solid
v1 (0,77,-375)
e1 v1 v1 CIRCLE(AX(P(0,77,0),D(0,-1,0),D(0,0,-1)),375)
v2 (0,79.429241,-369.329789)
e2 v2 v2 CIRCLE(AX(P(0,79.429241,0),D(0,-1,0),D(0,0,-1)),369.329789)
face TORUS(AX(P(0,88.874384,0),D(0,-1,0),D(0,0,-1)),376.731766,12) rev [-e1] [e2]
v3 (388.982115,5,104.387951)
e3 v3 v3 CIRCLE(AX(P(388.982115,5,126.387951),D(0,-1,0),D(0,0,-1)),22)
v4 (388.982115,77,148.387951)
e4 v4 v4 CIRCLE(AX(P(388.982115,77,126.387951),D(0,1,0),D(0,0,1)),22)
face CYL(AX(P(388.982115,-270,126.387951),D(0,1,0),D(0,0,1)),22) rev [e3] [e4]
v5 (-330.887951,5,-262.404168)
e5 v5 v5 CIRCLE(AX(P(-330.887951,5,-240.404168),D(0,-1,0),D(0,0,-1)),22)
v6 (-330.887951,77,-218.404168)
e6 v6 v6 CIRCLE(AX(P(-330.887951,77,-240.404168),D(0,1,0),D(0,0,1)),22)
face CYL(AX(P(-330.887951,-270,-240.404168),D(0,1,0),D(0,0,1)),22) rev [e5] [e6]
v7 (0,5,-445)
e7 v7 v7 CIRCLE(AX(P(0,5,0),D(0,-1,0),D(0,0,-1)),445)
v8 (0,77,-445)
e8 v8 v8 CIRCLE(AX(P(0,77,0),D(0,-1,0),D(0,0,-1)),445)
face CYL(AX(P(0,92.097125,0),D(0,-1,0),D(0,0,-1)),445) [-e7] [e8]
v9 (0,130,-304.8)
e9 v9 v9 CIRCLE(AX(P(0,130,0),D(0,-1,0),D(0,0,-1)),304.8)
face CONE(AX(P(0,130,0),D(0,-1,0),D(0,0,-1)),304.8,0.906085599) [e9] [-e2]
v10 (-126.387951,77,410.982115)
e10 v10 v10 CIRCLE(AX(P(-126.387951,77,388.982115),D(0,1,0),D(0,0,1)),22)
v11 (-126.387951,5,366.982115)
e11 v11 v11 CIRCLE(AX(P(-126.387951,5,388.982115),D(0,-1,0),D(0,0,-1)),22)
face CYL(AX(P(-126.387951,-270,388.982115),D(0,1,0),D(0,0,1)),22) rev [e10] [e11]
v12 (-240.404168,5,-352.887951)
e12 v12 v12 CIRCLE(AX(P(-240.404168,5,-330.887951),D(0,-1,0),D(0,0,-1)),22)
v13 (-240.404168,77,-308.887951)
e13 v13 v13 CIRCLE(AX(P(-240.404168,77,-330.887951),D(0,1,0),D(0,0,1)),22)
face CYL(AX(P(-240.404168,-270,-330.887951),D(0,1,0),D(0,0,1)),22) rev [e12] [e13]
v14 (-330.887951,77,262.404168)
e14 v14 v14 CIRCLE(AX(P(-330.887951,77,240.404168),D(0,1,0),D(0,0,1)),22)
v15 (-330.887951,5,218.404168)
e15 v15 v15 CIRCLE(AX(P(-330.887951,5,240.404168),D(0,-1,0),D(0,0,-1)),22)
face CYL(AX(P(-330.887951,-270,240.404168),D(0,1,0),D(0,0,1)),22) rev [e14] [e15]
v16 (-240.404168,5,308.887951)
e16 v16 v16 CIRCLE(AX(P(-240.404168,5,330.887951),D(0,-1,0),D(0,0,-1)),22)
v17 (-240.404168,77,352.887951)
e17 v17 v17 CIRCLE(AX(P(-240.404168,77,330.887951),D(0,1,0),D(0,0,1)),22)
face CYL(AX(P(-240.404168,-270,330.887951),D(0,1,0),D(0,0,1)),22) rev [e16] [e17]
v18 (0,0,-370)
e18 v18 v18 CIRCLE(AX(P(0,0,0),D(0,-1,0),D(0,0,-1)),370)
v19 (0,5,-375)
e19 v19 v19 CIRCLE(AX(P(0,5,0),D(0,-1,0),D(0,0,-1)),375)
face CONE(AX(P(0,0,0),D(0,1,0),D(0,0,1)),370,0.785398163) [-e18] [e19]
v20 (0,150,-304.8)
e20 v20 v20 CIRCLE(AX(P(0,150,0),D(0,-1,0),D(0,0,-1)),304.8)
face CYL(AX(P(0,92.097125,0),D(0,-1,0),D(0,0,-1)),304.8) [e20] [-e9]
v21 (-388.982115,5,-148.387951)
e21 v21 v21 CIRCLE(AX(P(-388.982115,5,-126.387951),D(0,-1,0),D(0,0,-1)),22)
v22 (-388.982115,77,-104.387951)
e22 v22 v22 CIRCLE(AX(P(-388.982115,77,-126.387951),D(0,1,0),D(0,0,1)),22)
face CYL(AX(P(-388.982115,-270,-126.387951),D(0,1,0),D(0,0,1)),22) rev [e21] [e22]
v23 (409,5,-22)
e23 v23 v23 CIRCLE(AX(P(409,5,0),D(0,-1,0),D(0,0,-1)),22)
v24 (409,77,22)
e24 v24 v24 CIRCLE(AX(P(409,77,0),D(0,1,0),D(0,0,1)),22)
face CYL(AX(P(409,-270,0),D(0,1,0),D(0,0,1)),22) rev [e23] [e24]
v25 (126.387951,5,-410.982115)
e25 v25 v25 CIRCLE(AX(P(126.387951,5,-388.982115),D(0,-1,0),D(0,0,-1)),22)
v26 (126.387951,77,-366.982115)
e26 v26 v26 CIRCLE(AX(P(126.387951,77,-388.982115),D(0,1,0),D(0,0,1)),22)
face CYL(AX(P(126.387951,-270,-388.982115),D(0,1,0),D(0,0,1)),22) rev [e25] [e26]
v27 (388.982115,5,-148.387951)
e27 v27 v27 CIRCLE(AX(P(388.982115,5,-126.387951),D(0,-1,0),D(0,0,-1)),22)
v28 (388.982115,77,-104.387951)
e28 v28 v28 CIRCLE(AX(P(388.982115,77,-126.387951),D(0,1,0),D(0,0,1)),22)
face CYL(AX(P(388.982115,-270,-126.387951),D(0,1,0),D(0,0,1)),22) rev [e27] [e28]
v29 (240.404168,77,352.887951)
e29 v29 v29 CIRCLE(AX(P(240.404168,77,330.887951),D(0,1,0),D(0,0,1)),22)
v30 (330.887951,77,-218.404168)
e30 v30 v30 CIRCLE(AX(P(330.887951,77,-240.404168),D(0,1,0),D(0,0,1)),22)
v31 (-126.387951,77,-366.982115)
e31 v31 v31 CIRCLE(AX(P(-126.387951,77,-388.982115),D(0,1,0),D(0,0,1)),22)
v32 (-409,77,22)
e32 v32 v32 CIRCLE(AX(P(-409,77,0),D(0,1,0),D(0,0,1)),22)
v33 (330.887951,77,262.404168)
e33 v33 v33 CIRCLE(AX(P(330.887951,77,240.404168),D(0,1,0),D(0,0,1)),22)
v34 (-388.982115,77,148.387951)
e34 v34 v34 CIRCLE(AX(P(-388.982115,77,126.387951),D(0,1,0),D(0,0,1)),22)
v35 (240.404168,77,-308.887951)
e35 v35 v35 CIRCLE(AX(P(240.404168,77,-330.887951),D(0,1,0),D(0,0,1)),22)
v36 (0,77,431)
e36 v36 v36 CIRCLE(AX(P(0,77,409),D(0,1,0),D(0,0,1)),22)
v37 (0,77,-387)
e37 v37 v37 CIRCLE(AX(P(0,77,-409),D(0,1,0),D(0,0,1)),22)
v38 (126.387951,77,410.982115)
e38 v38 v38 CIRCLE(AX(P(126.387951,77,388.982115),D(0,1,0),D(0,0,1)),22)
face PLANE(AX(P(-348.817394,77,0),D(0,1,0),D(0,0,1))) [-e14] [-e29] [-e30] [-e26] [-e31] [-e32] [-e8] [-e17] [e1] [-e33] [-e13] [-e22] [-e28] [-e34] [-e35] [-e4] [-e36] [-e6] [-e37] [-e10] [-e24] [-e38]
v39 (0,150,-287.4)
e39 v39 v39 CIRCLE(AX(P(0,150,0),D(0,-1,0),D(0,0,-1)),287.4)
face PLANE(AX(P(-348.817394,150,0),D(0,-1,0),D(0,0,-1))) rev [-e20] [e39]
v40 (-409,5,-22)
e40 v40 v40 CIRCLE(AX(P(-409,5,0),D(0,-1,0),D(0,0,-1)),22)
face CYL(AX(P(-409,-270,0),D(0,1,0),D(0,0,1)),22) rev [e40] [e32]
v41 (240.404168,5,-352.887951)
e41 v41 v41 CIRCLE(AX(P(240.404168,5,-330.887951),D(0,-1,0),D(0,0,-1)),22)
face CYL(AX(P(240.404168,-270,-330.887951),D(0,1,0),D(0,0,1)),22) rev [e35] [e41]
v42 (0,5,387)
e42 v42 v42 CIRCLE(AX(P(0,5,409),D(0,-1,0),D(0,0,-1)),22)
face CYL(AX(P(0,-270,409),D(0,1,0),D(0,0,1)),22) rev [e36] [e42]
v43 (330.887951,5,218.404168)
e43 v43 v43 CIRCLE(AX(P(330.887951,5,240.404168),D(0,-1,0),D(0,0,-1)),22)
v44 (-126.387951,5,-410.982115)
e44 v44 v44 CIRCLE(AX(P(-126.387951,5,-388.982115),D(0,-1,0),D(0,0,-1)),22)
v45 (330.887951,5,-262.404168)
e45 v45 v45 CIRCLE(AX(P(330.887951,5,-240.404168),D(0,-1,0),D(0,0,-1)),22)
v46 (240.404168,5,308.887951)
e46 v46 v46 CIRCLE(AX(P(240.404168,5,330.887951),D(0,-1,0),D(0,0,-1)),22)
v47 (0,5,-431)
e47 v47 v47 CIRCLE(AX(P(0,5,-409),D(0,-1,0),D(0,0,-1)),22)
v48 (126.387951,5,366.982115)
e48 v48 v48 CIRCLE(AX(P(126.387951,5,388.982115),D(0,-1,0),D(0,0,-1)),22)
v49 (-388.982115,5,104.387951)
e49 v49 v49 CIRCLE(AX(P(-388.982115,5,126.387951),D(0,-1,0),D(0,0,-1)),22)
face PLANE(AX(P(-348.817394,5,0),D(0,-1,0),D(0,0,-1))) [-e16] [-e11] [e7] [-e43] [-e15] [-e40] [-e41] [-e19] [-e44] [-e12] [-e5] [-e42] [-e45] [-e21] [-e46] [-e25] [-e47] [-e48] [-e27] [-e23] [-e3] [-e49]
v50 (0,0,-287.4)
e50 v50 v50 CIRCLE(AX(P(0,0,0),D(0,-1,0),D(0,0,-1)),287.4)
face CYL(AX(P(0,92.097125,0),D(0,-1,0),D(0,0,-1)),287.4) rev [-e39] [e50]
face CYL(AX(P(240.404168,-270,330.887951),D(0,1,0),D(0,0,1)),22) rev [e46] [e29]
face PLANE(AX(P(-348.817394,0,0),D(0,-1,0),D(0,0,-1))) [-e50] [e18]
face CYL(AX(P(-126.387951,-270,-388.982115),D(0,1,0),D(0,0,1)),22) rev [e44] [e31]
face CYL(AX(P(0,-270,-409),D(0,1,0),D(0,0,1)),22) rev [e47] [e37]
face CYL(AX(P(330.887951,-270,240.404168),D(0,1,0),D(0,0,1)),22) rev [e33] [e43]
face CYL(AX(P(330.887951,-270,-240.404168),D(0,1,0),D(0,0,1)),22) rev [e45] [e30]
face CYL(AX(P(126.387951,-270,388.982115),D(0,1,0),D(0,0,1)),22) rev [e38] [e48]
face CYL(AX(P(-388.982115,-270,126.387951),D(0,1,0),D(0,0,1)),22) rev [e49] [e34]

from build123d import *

# Parameters (mm, degrees)
SKETCH2_R          = 22
CUT_EXTRUDE2_DEPTH = 270


with BuildPart() as part:
    # Sketch1 → Revolve2 (revolve)
    with BuildSketch(Plane.XY, mode=Mode.PRIVATE) as revolve2_sk:
        with BuildLine():
            Line((445, 77), (375, 77))
            ThreePointArc((375, 77), (372.006131672, 77.84404461), (369.329788537, 79.429240589))
            Line((369.329788537, 79.429240589), (304.8, 130))
            Line((304.8, 130), (304.8, 150))
            Line((304.8, 150), (287.4, 150))
            Line((287.4, 150), (287.4, 0))
            Line((287.4, 0), (370, 0))
            Line((370, 0), (375, 5))
            Line((375, 5), (445, 5))
            Line((445, 5), (445, 77))
        make_face()
    revolve(revolve2_sk.sketch.rotate(Axis((0, 92.097125436, 0), (0, 1, 0)), 90), axis=Axis((0, 92.097125436, 0), (0, 1, 0)))

    # Sketch2 → Cut-Extrude2 (cut, symmetric)
    with BuildSketch(Plane(origin=(0, 0, 0), x_dir=(1, 0, 0), z_dir=(0, 1, 0))):
        with Locations(Location((409, 0, 0), (0, 0, 270))):
            Circle(SKETCH2_R)
        with Locations(Location((388.982115165, -126.387950699, 0), (0, 0, 270))):
            Circle(SKETCH2_R)
        with Locations(Location((330.887950699, -240.404168188, 0), (0, 0, 270))):
            Circle(SKETCH2_R)
        with Locations(Location((240.404168188, -330.887950699, 0), (0, 0, 270))):
            Circle(SKETCH2_R)
        with Locations(Location((126.387950699, -388.982115165, 0), (0, 0, 270))):
            Circle(SKETCH2_R)
        with Locations(Location((0, -409, 0), (0, 0, 270))):
            Circle(SKETCH2_R)
        with Locations(Location((-126.387950699, -388.982115165, 0), (0, 0, 270))):
            Circle(SKETCH2_R)
        with Locations(Location((-240.404168188, -330.887950699, 0), (0, 0, 270))):
            Circle(SKETCH2_R)
        with Locations(Location((-330.887950699, -240.404168188, 0), (0, 0, 270))):
            Circle(SKETCH2_R)
        with Locations(Location((-388.982115165, -126.387950699, 0), (0, 0, 270))):
            Circle(SKETCH2_R)
        with Locations(Location((-409, 0, 0), (0, 0, 270))):
            Circle(SKETCH2_R)
        with Locations(Location((-388.982115165, 126.387950699, 0), (0, 0, 270))):
            Circle(SKETCH2_R)
        with Locations(Location((-330.887950699, 240.404168188, 0), (0, 0, 270))):
            Circle(SKETCH2_R)
        with Locations(Location((-240.404168188, 330.887950699, 0), (0, 0, 270))):
            Circle(SKETCH2_R)
        with Locations(Location((-126.387950699, 388.982115165, 0), (0, 0, 270))):
            Circle(SKETCH2_R)
        with Locations(Location((0, 409, 0), (0, 0, 270))):
            Circle(SKETCH2_R)
        with Locations(Location((126.387950699, 388.982115165, 0), (0, 0, 270))):
            Circle(SKETCH2_R)
        with Locations(Location((240.404168188, 330.887950699, 0), (0, 0, 270))):
            Circle(SKETCH2_R)
        with Locations(Location((330.887950699, 240.404168188, 0), (0, 0, 270))):
            Circle(SKETCH2_R)
        with Locations(Location((388.982115165, 126.387950699, 0), (0, 0, 270))):
            Circle(SKETCH2_R)
    extrude(amount=CUT_EXTRUDE2_DEPTH, both=True, mode=Mode.SUBTRACT)


solid = part.part
